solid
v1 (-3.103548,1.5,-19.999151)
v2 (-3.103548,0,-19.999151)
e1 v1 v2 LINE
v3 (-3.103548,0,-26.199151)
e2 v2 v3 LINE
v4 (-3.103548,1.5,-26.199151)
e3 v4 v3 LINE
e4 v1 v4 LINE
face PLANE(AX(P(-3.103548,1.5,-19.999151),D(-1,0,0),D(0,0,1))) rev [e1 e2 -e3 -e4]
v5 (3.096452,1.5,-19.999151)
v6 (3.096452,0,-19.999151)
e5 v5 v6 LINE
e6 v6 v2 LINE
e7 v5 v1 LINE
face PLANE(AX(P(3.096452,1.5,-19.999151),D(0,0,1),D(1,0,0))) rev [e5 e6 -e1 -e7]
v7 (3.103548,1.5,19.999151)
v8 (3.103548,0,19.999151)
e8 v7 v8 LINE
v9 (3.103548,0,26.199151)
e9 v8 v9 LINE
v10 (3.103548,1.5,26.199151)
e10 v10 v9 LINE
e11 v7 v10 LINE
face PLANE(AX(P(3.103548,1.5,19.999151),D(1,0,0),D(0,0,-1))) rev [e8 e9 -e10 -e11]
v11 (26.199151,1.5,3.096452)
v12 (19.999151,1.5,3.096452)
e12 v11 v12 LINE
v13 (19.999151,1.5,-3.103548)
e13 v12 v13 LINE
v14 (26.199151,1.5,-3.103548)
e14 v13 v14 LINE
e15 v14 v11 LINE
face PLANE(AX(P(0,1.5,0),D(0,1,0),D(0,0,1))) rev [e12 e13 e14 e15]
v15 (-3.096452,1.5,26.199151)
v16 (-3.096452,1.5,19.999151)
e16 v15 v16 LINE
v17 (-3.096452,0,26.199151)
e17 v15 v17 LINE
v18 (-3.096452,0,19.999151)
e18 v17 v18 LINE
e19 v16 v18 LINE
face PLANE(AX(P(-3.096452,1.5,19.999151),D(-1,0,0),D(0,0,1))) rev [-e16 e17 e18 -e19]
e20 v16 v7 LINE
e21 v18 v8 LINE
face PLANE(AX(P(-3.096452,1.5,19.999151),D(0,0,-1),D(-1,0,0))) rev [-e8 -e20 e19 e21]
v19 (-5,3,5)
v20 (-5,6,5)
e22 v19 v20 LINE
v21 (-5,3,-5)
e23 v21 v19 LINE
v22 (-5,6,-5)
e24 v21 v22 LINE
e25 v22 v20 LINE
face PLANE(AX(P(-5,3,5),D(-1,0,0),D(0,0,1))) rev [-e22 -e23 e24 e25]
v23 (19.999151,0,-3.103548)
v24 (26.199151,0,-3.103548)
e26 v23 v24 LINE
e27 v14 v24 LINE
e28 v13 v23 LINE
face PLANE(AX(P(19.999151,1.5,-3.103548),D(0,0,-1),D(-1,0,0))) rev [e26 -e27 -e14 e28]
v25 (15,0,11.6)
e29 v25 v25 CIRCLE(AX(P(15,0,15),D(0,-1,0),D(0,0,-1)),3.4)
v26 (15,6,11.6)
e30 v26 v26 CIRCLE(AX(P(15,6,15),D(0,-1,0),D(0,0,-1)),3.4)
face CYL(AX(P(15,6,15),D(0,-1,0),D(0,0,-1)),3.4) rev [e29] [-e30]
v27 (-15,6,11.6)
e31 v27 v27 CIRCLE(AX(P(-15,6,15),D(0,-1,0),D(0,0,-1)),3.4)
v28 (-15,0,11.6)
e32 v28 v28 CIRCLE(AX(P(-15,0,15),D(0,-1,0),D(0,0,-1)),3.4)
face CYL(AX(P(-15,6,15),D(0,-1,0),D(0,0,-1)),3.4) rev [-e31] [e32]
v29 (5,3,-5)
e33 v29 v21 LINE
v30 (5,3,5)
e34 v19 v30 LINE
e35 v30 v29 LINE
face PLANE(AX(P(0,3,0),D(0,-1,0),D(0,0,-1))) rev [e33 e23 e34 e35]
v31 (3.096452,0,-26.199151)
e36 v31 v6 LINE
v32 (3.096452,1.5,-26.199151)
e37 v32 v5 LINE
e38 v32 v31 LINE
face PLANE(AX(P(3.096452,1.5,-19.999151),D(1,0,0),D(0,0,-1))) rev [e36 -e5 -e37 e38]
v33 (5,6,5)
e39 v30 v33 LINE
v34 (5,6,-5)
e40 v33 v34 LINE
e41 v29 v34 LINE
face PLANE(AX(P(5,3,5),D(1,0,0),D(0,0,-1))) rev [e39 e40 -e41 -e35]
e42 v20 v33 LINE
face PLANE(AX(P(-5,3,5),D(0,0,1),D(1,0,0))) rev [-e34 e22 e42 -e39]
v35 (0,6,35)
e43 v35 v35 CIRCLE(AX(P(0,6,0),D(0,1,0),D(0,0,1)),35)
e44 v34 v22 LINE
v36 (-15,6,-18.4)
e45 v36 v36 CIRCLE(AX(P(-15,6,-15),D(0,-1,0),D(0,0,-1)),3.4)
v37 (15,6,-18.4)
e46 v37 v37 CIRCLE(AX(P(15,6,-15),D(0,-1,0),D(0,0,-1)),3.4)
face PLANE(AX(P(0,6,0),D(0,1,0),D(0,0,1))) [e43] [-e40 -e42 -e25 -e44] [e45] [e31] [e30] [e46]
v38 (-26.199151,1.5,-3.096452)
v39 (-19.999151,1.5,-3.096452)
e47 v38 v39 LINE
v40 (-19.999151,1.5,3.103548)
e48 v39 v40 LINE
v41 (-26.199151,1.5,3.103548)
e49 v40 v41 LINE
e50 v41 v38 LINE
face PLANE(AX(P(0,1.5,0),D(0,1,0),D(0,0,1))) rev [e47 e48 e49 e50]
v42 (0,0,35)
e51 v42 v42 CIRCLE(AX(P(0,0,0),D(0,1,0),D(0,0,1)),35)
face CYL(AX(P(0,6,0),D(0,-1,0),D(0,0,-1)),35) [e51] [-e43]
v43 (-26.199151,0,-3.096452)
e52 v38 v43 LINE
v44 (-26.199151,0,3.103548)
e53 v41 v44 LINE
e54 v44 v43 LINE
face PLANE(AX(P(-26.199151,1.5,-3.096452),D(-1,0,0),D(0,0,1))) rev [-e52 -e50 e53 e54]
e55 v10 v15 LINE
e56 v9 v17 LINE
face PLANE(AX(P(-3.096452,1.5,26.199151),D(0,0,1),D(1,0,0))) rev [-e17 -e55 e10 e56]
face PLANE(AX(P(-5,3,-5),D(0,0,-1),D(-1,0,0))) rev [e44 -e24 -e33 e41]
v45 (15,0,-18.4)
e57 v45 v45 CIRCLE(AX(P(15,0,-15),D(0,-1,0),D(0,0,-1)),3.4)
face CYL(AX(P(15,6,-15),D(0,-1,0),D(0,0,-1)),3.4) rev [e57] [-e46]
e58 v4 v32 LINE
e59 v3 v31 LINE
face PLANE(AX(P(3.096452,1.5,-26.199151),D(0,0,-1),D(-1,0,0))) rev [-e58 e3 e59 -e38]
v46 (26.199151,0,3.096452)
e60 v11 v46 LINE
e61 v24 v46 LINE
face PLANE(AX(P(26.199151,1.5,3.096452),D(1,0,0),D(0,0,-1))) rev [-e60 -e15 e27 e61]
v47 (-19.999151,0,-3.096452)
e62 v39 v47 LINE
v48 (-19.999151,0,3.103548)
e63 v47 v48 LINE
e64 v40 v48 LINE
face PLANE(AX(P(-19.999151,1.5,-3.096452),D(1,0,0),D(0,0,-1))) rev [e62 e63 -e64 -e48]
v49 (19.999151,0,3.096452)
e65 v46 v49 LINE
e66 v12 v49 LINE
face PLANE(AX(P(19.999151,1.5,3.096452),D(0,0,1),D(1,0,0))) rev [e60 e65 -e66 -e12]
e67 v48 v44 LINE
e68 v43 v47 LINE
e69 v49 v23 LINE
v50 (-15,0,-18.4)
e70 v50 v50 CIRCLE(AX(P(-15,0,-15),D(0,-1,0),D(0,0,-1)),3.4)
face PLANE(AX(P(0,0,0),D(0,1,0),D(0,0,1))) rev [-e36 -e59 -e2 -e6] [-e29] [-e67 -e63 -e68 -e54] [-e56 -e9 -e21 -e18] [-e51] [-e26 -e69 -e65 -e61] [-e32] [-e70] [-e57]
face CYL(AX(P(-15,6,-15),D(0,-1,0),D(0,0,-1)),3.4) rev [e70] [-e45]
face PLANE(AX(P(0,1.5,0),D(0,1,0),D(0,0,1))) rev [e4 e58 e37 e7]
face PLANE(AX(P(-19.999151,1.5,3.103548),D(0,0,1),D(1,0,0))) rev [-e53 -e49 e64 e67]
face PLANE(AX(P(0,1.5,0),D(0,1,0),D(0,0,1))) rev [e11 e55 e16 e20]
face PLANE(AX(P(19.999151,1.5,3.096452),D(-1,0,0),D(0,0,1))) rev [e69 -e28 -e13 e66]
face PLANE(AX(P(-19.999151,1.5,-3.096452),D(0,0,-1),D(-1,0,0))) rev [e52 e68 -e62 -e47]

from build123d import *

# Parameters (mm, degrees)
SKETCH1_R           = 35
BOSS_EXTRUDE1_DEPTH = 6
SKETCH11_W          = 10
SKETCH11_H          = 10
CUT_EXTRUDE3_DEPTH  = 3
SKETCH12_R          = 3.4
CUT_EXTRUDE4_DEPTH  = 50.859803449
SKETCH6_W           = 6.2
SKETCH6_H           = 6.2
CUT_EXTRUDE6_DEPTH  = 1.5


with BuildPart() as part:
    # Sketch1 → Boss-Extrude1 (new body)
    with BuildSketch(Plane(origin=(0, 0, 0), x_dir=(1, 0, 0), z_dir=(0, 1, 0))):
        with Locations(Location((0, 0, 0), (0, 0, 270))):
            Circle(SKETCH1_R)
    extrude(amount=BOSS_EXTRUDE1_DEPTH)

    # Sketch11 → Cut-Extrude3 (cut)
    with BuildSketch(Plane(origin=(0, 6, 0), x_dir=(1, 0, 0), z_dir=(0, 1, 0))):
        Rectangle(SKETCH11_W, SKETCH11_H)
    extrude(amount=-CUT_EXTRUDE3_DEPTH, mode=Mode.SUBTRACT)

    # Sketch12 → Cut-Extrude4 (cut, through all)
    with BuildSketch(Plane.XZ):
        with Locations(Location((15, -15, 0), (0, 0, 270))):
            Circle(SKETCH12_R)
        with Locations(Location((-15, -15, 0), (0, 0, 270))):
            Circle(SKETCH12_R)
        with Locations(Location((15, 15, 0), (0, 0, 270))):
            Circle(SKETCH12_R)
        with Locations(Location((-15, 15, 0), (0, 0, 270))):
            Circle(SKETCH12_R)
    extrude(amount=-CUT_EXTRUDE4_DEPTH, mode=Mode.SUBTRACT)

    # Sketch6 → Cut-Extrude6 (cut)
    with BuildSketch(Plane(origin=(0, 0, -4.132474232), x_dir=(1, 0, 0), z_dir=(0, -1, 0))):
        with Locations((-23.099150513, 4.136022025)):
            Rectangle(SKETCH6_W, SKETCH6_H)
        with Locations((0.003547793, 27.231624745)):
            Rectangle(SKETCH6_W, SKETCH6_H)
        with Locations((-0.003547793, -18.966676281)):
            Rectangle(SKETCH6_W, SKETCH6_H)
        with Locations((23.099150513, 4.128926439)):
            Rectangle(SKETCH6_W, SKETCH6_H)
    extrude(amount=-CUT_EXTRUDE6_DEPTH, mode=Mode.SUBTRACT)


solid = part.part
